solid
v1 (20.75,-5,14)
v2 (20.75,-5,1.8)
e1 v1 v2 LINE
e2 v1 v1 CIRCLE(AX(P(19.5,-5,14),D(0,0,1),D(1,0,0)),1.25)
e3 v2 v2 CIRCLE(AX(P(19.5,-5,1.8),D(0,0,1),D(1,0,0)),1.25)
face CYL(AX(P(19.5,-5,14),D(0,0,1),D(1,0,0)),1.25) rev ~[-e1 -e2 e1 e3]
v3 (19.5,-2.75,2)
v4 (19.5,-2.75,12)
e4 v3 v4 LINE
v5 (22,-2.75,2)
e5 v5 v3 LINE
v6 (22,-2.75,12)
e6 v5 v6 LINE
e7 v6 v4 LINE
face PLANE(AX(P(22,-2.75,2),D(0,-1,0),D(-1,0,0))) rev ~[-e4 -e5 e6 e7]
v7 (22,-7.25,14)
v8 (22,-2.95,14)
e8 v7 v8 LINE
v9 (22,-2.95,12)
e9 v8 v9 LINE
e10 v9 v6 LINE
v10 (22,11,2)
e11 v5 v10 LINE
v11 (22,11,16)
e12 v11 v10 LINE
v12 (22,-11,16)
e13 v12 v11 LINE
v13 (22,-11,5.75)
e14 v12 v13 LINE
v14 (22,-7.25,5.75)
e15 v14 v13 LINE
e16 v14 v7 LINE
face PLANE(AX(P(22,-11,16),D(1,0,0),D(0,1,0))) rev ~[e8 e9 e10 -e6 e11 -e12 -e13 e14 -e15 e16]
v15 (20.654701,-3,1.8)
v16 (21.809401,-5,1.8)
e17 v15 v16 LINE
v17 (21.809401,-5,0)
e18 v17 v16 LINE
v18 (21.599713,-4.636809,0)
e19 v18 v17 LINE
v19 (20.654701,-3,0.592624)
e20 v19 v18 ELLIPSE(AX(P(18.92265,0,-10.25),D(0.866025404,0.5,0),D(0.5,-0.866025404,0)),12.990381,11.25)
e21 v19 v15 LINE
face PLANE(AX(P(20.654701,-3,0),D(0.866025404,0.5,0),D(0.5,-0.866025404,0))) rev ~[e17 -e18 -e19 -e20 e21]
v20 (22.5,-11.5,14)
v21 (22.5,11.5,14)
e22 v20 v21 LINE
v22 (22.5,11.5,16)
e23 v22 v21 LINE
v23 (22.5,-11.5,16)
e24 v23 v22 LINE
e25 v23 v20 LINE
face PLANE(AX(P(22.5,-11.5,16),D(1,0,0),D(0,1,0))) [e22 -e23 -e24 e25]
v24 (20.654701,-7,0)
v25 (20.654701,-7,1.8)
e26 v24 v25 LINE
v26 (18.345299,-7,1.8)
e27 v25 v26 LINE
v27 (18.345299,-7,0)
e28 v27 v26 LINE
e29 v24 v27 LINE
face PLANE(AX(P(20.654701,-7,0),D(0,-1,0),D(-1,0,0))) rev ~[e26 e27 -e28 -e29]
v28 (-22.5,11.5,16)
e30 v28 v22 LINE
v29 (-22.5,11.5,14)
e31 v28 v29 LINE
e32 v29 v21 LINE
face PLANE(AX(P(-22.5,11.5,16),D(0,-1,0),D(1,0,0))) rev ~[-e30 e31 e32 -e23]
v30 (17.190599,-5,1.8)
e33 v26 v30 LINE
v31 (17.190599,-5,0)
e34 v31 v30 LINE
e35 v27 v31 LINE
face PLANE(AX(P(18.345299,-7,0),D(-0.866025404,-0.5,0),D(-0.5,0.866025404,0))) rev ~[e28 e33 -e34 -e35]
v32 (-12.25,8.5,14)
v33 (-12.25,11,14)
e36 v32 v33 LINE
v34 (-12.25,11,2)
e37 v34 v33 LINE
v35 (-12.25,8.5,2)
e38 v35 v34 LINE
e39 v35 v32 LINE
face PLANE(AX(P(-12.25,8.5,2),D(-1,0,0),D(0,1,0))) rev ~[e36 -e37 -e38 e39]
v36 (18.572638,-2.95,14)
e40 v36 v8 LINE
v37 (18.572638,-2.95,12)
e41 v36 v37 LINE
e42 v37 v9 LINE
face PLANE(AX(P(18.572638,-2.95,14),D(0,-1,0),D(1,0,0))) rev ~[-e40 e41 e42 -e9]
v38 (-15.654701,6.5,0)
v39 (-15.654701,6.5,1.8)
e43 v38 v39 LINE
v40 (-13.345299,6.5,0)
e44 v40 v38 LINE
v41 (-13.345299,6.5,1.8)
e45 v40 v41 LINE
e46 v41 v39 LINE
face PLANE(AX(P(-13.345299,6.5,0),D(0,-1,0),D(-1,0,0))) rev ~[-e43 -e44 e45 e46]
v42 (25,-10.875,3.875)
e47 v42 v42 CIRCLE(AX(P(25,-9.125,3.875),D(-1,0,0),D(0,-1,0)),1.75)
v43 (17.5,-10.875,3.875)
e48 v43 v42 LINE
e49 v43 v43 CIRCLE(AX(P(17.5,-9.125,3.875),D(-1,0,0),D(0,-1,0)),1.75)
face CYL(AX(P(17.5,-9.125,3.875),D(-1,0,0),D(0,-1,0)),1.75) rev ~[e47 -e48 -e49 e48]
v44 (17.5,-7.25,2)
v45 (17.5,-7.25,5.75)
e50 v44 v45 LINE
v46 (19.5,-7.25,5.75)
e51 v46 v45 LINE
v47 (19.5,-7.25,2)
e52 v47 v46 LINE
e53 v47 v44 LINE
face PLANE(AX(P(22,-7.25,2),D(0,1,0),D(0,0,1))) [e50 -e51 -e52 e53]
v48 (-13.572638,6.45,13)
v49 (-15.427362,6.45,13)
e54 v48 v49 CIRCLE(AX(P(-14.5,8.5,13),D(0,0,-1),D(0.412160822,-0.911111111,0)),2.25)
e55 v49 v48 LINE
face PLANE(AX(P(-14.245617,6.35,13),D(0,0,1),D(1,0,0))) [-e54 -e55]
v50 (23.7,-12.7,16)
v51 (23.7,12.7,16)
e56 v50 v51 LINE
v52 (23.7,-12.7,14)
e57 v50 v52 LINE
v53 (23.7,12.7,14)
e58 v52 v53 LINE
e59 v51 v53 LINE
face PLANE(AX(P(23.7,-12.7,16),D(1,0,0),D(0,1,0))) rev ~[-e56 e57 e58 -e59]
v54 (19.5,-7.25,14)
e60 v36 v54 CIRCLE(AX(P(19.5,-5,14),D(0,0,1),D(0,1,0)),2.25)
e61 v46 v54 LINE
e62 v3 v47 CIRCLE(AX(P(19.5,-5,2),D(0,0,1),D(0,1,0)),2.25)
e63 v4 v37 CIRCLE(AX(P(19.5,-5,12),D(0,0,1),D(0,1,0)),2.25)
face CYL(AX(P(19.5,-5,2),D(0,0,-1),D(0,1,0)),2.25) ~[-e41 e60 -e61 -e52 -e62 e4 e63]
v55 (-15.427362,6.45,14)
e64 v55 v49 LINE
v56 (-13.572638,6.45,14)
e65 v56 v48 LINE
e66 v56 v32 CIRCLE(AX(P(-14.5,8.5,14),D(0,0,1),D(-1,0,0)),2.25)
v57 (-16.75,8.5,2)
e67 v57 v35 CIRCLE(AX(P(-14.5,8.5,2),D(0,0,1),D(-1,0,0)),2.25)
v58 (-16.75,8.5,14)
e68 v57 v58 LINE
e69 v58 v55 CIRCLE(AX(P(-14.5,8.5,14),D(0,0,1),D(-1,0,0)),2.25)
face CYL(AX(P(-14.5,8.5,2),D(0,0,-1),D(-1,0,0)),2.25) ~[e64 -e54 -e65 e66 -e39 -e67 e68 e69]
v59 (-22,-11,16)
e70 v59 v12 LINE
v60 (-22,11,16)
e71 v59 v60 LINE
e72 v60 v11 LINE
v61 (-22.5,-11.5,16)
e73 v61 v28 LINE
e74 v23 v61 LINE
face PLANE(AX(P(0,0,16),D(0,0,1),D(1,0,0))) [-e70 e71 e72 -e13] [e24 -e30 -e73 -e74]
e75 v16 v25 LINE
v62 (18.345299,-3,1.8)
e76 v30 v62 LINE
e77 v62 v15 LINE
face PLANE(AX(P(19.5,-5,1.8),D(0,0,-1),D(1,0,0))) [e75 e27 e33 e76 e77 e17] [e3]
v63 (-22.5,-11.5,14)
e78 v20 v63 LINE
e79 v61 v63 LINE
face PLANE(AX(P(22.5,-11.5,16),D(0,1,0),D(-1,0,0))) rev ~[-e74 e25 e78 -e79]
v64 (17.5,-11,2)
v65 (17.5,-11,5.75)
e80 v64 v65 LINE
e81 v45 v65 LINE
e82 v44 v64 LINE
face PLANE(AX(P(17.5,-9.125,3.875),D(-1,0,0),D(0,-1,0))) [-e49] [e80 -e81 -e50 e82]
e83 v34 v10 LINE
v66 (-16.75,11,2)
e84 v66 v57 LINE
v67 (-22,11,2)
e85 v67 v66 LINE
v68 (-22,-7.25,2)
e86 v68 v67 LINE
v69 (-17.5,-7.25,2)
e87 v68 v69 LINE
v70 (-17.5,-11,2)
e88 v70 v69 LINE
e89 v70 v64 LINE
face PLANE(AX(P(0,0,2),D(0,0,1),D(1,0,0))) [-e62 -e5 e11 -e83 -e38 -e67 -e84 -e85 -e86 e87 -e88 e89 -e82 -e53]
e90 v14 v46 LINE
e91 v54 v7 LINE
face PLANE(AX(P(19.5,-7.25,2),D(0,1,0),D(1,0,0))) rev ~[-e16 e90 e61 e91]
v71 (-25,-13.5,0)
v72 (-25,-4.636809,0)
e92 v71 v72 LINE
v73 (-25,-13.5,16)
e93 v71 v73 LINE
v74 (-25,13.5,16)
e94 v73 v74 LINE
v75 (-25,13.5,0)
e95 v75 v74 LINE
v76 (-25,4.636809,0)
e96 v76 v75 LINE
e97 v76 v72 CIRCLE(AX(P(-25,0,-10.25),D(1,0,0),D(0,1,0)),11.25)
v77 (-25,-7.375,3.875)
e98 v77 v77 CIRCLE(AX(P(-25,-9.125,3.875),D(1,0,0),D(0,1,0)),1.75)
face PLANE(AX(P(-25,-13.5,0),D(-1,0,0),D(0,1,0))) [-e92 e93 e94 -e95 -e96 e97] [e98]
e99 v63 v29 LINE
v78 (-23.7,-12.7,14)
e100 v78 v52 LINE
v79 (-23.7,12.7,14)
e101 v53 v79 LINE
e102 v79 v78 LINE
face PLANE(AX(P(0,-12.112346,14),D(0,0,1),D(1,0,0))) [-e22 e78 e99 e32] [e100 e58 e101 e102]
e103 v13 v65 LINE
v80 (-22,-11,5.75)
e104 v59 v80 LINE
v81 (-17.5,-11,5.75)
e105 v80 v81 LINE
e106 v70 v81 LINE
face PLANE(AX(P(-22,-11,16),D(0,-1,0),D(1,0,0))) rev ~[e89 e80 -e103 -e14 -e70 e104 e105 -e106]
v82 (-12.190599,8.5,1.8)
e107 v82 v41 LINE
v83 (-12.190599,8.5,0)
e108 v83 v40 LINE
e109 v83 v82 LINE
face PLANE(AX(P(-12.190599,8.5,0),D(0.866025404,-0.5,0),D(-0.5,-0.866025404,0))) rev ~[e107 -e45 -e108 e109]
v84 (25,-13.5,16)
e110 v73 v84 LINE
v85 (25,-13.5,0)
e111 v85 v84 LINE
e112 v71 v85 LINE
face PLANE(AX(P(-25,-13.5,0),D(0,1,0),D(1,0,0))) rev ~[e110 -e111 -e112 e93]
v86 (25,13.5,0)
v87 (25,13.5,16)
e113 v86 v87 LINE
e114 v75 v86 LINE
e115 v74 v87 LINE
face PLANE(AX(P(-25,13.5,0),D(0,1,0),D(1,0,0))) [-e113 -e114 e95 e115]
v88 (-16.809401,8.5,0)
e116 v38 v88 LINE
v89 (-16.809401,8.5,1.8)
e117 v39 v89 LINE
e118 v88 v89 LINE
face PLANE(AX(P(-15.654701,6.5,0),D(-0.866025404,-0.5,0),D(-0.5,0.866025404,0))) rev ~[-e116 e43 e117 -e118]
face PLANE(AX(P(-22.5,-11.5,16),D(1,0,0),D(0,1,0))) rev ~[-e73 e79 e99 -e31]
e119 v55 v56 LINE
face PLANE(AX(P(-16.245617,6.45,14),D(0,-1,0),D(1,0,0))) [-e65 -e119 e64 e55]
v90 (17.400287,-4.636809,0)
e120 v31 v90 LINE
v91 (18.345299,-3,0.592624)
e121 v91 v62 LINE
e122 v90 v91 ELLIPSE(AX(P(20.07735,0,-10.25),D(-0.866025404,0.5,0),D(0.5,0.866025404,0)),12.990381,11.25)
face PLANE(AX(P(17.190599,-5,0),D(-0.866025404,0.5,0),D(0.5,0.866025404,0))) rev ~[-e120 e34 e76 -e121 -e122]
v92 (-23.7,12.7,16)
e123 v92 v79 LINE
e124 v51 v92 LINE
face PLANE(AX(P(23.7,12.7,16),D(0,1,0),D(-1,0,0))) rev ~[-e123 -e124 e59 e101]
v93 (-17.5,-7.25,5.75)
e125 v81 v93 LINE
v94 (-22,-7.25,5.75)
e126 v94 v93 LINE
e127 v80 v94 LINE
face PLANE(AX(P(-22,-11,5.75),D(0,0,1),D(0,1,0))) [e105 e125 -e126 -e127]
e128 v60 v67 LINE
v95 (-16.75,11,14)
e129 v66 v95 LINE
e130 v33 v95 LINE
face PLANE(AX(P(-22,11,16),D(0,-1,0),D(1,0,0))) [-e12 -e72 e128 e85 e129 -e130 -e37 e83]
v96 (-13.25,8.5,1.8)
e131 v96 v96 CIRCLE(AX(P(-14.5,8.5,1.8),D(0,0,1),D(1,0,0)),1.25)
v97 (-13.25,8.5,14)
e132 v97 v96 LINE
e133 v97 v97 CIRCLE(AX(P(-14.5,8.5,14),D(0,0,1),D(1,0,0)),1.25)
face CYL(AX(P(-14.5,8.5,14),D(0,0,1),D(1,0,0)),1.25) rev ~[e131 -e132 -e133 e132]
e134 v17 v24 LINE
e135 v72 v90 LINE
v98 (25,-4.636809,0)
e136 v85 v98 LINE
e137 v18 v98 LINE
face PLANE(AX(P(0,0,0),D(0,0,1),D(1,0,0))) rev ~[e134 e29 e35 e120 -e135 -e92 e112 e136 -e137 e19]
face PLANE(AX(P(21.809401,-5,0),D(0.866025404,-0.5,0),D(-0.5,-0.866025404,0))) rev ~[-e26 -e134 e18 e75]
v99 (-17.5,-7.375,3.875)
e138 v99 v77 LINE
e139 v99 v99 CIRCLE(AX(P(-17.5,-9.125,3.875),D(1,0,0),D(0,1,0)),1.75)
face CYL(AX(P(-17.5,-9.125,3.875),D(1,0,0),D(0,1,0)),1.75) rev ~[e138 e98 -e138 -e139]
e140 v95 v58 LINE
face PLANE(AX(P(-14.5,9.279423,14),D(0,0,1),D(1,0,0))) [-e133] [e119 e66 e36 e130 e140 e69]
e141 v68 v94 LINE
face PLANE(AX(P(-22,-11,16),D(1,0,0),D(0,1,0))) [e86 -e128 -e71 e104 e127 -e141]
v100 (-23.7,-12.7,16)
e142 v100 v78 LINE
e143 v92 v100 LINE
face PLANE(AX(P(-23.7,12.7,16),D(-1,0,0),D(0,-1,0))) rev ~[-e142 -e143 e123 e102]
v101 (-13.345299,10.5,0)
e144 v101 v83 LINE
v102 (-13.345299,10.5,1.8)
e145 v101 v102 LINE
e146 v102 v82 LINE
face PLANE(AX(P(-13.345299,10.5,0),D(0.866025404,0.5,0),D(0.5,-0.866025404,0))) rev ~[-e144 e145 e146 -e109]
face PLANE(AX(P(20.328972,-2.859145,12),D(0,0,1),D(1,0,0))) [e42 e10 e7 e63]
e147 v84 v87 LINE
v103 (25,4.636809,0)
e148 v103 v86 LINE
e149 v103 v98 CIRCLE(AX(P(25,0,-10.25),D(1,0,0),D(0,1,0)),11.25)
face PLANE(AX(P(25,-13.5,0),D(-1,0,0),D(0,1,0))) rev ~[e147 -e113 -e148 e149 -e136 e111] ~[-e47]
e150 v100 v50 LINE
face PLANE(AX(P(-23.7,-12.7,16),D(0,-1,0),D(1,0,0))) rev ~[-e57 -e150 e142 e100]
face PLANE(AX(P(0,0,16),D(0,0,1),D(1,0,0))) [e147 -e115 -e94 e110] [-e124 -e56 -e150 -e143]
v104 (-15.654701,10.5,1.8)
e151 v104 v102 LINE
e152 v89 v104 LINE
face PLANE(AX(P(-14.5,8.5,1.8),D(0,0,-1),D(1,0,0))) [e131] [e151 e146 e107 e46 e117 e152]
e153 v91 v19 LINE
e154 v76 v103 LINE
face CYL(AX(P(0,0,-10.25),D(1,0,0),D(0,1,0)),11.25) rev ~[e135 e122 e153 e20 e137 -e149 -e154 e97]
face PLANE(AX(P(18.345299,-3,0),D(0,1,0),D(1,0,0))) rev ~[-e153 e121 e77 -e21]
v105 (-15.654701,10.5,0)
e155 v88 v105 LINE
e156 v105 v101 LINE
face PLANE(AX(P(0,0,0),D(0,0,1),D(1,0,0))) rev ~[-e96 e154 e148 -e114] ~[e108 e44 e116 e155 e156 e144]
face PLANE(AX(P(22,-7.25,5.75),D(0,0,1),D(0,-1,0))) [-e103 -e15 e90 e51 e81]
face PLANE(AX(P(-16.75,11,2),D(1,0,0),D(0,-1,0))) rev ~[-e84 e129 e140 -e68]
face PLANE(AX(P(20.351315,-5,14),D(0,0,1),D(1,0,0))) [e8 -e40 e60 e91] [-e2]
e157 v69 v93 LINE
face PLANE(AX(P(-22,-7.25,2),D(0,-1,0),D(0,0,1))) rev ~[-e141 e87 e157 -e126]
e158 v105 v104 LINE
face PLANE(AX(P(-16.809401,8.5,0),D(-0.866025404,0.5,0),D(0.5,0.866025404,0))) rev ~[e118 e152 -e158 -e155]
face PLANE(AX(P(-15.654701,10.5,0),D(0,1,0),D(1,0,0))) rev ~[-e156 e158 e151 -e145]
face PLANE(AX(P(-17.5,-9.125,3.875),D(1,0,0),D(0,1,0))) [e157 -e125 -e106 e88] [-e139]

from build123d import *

# Parameters (mm, degrees)
F0_W      = 50
F0_H      = 27
F1_DEPTH  = 16
F2_W      = 44
F2_H      = 22
F3_DEPTH  = 14
F5_DEPTH  = 12
F6_R      = 1.25
F8_DEPTH  = 14.001
F7_R      = 1.25
F9_DEPTH  = 14.001
F11_DEPTH = 1.8
F13_DEPTH = 2
F14_W     = 4
F14_H     = 0.2
F15_DEPTH = 1
F16_W     = 1.2
F16_H     = 0.5
F16_H_2   = 23
F17_DEPTH = 2
F18_W     = 3.75
F18_H     = 3.75
F19_DEPTH = 4.5
F20_W     = 3.75
F20_H     = 3.75
F21_DEPTH = 4.5
F22_R     = 1.75
F23_DEPTH = 7.501
F24_R     = 1.75
F25_DEPTH = 7.501
F26_R     = 11.25
F27_DEPTH = 29.5


with BuildPart() as f1:
    # F0 (on Top) → F1 (new body)
    with BuildSketch(Plane.XY):
        Rectangle(F0_W, F0_H)
    extrude(amount=F1_DEPTH)

    # F2 (on face) → F3 (cut)
    with BuildSketch(Plane.XY.offset(16)):
        Rectangle(F2_W, F2_H)
    extrude(amount=-F3_DEPTH, mode=Mode.SUBTRACT)

    # F4 (on face) → F5 (join)
    with BuildSketch(Plane.XY.offset(2)):
        with BuildLine():
            ThreePointArc((19.5, -7.25), (21.0909902577, -6.5909902577), (21.75, -5))
            ThreePointArc((21.75, -5), (21.0909902577, -3.4090097423), (19.5, -2.75))
            Line((19.5, -2.75), (19.5, -7.25))
        make_face()
        with BuildLine():
            ThreePointArc((19.5, -2.75), (21.0909902577, -3.4090097423), (21.75, -5))
            ThreePointArc((21.75, -5), (21.0909902577, -6.5909902577), (19.5, -7.25))
            Line((19.5, -7.25), (22, -7.25))
            Line((22, -7.25), (22, -2.75))
            Line((22, -2.75), (19.5, -2.75))
        make_face()
        with BuildLine():
            Line((19.5, -7.25), (19.5, -2.75))
            ThreePointArc((19.5, -2.75), (17.25, -5), (19.5, -7.25))
        make_face()
        with BuildLine():
            Line((-16.75, 8.5), (-12.25, 8.5))
            ThreePointArc((-12.25, 8.5), (-14.5, 10.75), (-16.75, 8.5))
        make_face()
        with BuildLine():
            ThreePointArc((-16.75, 8.5), (-14.5, 6.25), (-12.25, 8.5))
            Line((-12.25, 8.5), (-16.75, 8.5))
        make_face()
        with BuildLine():
            ThreePointArc((-16.75, 8.5), (-14.5, 10.75), (-12.25, 8.5))
            Line((-12.25, 8.5), (-12.25, 11))
            Line((-12.25, 11), (-16.75, 11))
            Line((-16.75, 11), (-16.75, 8.5))
        make_face()
    extrude(amount=F5_DEPTH)

    # F6 (on face) → F8 (cut, through all)
    with BuildSketch(Plane.XY.offset(14)):
        with Locations((-14.5, 8.5)):
            Circle(F6_R)
    extrude(amount=-F8_DEPTH, mode=Mode.SUBTRACT)

    # F7 (on face) → F9 (cut, through all)
    with BuildSketch(Plane.XY.offset(14)):
        with Locations((19.5, -5)):
            Circle(F7_R)
    extrude(amount=-F9_DEPTH, mode=Mode.SUBTRACT)

    # F10 (on face) → F11 (cut)
    with BuildSketch(Plane(origin=(0, 0, 0), x_dir=(1, 0, 0), z_dir=(0, 0, -1))):
        Polygon((-15.6547005384, -10.5), (-13.3452994616, -10.5), (-12.1905989232, -8.5), (-13.3452994616, -6.5), (-15.6547005384, -6.5), (-16.8094010768, -8.5), align=None)
        Polygon((20.6547005384, 7), (18.3452994616, 7), (17.1905989232, 5), (18.3452994616, 3), (20.6547005384, 3), (21.8094010768, 5), align=None)
    extrude(amount=-F11_DEPTH, mode=Mode.SUBTRACT)

    # F12 (on face) → F13 (cut)
    with BuildSketch(Plane.XY.offset(14)):
        with BuildLine():
            Line((22, -2.95), (22, -2.75))
            Line((22, -2.75), (19.5, -2.75))
            ThreePointArc((19.5, -2.75), (19.025658351, -2.8005682552), (18.5726381505, -2.95))
            Line((18.5726381505, -2.95), (22, -2.95))
        make_face()
    extrude(amount=-F13_DEPTH, mode=Mode.SUBTRACT)

    # F14 (on face) → F15 (cut)
    with BuildSketch(Plane.XY.offset(14)):
        with Locations((-14.2456165999, 6.35)):
            Rectangle(F14_W, F14_H)
    extrude(amount=-F15_DEPTH, mode=Mode.SUBTRACT)

    # F16 (on face) → F17 (cut)
    with BuildSketch(Plane.XY.offset(16)):
        Polygon((-22.5, -11.5), (-22.5, -12), (-23.7, -12), (-23.7, -12.7), (23.7, -12.7), (23.7, -12), (22.5, -12), (22.5, -11.5), align=None)
        with Locations((-23.1, -11.75)):
            Rectangle(F16_W, F16_H)
        with Locations((-23.1, 0)):
            Rectangle(F16_W, F16_H_2)
        with Locations((-23.1, 11.75)):
            Rectangle(F16_W, F16_H)
        Polygon((-22.5, 12), (-22.5, 11.5), (22.5, 11.5), (22.5, 12), (23.7, 12), (23.7, 12.7), (-23.7, 12.7), (-23.7, 12), align=None)
        with Locations((23.1, -11.75)):
            Rectangle(F16_W, F16_H)
        with Locations((23.1, 0)):
            Rectangle(F16_W, F16_H_2)
        with Locations((23.1, 11.75)):
            Rectangle(F16_W, F16_H)
    extrude(amount=-F17_DEPTH, mode=Mode.SUBTRACT)

    # F18 (on face) → F19 (join)
    with BuildSketch(Plane(origin=(22, 0, 0), x_dir=(0, -1, 0), z_dir=(-1, 0, 0))):
        with Locations((9.125, 3.875)):
            Rectangle(F18_W, F18_H)
    extrude(amount=F19_DEPTH)

    # F20 (on face) → F21 (join)
    with BuildSketch(Plane.YZ.offset(-22)):
        with Locations((-9.125, 3.875)):
            Rectangle(F20_W, F20_H)
    extrude(amount=F21_DEPTH)

    # F22 (on face) → F23 (cut, through all)
    with BuildSketch(Plane.YZ.offset(-17.5)):
        with Locations((-9.125, 3.875)):
            Circle(F22_R)
    extrude(amount=-F23_DEPTH, mode=Mode.SUBTRACT)

    # F24 (on face) → F25 (cut, through all)
    with BuildSketch(Plane(origin=(17.5, 0, 0), x_dir=(0, -1, 0), z_dir=(-1, 0, 0))):
        with Locations((9.125, 3.875)):
            Circle(F24_R)
    extrude(amount=-F25_DEPTH, mode=Mode.SUBTRACT)

    # F26 (on Right) → F27 (cut, symmetric)
    with BuildSketch(Plane.YZ):
        with Locations((0, -10.25)):
            Circle(F26_R)
    extrude(amount=F27_DEPTH, both=True, mode=Mode.SUBTRACT)


solid = f1.part
